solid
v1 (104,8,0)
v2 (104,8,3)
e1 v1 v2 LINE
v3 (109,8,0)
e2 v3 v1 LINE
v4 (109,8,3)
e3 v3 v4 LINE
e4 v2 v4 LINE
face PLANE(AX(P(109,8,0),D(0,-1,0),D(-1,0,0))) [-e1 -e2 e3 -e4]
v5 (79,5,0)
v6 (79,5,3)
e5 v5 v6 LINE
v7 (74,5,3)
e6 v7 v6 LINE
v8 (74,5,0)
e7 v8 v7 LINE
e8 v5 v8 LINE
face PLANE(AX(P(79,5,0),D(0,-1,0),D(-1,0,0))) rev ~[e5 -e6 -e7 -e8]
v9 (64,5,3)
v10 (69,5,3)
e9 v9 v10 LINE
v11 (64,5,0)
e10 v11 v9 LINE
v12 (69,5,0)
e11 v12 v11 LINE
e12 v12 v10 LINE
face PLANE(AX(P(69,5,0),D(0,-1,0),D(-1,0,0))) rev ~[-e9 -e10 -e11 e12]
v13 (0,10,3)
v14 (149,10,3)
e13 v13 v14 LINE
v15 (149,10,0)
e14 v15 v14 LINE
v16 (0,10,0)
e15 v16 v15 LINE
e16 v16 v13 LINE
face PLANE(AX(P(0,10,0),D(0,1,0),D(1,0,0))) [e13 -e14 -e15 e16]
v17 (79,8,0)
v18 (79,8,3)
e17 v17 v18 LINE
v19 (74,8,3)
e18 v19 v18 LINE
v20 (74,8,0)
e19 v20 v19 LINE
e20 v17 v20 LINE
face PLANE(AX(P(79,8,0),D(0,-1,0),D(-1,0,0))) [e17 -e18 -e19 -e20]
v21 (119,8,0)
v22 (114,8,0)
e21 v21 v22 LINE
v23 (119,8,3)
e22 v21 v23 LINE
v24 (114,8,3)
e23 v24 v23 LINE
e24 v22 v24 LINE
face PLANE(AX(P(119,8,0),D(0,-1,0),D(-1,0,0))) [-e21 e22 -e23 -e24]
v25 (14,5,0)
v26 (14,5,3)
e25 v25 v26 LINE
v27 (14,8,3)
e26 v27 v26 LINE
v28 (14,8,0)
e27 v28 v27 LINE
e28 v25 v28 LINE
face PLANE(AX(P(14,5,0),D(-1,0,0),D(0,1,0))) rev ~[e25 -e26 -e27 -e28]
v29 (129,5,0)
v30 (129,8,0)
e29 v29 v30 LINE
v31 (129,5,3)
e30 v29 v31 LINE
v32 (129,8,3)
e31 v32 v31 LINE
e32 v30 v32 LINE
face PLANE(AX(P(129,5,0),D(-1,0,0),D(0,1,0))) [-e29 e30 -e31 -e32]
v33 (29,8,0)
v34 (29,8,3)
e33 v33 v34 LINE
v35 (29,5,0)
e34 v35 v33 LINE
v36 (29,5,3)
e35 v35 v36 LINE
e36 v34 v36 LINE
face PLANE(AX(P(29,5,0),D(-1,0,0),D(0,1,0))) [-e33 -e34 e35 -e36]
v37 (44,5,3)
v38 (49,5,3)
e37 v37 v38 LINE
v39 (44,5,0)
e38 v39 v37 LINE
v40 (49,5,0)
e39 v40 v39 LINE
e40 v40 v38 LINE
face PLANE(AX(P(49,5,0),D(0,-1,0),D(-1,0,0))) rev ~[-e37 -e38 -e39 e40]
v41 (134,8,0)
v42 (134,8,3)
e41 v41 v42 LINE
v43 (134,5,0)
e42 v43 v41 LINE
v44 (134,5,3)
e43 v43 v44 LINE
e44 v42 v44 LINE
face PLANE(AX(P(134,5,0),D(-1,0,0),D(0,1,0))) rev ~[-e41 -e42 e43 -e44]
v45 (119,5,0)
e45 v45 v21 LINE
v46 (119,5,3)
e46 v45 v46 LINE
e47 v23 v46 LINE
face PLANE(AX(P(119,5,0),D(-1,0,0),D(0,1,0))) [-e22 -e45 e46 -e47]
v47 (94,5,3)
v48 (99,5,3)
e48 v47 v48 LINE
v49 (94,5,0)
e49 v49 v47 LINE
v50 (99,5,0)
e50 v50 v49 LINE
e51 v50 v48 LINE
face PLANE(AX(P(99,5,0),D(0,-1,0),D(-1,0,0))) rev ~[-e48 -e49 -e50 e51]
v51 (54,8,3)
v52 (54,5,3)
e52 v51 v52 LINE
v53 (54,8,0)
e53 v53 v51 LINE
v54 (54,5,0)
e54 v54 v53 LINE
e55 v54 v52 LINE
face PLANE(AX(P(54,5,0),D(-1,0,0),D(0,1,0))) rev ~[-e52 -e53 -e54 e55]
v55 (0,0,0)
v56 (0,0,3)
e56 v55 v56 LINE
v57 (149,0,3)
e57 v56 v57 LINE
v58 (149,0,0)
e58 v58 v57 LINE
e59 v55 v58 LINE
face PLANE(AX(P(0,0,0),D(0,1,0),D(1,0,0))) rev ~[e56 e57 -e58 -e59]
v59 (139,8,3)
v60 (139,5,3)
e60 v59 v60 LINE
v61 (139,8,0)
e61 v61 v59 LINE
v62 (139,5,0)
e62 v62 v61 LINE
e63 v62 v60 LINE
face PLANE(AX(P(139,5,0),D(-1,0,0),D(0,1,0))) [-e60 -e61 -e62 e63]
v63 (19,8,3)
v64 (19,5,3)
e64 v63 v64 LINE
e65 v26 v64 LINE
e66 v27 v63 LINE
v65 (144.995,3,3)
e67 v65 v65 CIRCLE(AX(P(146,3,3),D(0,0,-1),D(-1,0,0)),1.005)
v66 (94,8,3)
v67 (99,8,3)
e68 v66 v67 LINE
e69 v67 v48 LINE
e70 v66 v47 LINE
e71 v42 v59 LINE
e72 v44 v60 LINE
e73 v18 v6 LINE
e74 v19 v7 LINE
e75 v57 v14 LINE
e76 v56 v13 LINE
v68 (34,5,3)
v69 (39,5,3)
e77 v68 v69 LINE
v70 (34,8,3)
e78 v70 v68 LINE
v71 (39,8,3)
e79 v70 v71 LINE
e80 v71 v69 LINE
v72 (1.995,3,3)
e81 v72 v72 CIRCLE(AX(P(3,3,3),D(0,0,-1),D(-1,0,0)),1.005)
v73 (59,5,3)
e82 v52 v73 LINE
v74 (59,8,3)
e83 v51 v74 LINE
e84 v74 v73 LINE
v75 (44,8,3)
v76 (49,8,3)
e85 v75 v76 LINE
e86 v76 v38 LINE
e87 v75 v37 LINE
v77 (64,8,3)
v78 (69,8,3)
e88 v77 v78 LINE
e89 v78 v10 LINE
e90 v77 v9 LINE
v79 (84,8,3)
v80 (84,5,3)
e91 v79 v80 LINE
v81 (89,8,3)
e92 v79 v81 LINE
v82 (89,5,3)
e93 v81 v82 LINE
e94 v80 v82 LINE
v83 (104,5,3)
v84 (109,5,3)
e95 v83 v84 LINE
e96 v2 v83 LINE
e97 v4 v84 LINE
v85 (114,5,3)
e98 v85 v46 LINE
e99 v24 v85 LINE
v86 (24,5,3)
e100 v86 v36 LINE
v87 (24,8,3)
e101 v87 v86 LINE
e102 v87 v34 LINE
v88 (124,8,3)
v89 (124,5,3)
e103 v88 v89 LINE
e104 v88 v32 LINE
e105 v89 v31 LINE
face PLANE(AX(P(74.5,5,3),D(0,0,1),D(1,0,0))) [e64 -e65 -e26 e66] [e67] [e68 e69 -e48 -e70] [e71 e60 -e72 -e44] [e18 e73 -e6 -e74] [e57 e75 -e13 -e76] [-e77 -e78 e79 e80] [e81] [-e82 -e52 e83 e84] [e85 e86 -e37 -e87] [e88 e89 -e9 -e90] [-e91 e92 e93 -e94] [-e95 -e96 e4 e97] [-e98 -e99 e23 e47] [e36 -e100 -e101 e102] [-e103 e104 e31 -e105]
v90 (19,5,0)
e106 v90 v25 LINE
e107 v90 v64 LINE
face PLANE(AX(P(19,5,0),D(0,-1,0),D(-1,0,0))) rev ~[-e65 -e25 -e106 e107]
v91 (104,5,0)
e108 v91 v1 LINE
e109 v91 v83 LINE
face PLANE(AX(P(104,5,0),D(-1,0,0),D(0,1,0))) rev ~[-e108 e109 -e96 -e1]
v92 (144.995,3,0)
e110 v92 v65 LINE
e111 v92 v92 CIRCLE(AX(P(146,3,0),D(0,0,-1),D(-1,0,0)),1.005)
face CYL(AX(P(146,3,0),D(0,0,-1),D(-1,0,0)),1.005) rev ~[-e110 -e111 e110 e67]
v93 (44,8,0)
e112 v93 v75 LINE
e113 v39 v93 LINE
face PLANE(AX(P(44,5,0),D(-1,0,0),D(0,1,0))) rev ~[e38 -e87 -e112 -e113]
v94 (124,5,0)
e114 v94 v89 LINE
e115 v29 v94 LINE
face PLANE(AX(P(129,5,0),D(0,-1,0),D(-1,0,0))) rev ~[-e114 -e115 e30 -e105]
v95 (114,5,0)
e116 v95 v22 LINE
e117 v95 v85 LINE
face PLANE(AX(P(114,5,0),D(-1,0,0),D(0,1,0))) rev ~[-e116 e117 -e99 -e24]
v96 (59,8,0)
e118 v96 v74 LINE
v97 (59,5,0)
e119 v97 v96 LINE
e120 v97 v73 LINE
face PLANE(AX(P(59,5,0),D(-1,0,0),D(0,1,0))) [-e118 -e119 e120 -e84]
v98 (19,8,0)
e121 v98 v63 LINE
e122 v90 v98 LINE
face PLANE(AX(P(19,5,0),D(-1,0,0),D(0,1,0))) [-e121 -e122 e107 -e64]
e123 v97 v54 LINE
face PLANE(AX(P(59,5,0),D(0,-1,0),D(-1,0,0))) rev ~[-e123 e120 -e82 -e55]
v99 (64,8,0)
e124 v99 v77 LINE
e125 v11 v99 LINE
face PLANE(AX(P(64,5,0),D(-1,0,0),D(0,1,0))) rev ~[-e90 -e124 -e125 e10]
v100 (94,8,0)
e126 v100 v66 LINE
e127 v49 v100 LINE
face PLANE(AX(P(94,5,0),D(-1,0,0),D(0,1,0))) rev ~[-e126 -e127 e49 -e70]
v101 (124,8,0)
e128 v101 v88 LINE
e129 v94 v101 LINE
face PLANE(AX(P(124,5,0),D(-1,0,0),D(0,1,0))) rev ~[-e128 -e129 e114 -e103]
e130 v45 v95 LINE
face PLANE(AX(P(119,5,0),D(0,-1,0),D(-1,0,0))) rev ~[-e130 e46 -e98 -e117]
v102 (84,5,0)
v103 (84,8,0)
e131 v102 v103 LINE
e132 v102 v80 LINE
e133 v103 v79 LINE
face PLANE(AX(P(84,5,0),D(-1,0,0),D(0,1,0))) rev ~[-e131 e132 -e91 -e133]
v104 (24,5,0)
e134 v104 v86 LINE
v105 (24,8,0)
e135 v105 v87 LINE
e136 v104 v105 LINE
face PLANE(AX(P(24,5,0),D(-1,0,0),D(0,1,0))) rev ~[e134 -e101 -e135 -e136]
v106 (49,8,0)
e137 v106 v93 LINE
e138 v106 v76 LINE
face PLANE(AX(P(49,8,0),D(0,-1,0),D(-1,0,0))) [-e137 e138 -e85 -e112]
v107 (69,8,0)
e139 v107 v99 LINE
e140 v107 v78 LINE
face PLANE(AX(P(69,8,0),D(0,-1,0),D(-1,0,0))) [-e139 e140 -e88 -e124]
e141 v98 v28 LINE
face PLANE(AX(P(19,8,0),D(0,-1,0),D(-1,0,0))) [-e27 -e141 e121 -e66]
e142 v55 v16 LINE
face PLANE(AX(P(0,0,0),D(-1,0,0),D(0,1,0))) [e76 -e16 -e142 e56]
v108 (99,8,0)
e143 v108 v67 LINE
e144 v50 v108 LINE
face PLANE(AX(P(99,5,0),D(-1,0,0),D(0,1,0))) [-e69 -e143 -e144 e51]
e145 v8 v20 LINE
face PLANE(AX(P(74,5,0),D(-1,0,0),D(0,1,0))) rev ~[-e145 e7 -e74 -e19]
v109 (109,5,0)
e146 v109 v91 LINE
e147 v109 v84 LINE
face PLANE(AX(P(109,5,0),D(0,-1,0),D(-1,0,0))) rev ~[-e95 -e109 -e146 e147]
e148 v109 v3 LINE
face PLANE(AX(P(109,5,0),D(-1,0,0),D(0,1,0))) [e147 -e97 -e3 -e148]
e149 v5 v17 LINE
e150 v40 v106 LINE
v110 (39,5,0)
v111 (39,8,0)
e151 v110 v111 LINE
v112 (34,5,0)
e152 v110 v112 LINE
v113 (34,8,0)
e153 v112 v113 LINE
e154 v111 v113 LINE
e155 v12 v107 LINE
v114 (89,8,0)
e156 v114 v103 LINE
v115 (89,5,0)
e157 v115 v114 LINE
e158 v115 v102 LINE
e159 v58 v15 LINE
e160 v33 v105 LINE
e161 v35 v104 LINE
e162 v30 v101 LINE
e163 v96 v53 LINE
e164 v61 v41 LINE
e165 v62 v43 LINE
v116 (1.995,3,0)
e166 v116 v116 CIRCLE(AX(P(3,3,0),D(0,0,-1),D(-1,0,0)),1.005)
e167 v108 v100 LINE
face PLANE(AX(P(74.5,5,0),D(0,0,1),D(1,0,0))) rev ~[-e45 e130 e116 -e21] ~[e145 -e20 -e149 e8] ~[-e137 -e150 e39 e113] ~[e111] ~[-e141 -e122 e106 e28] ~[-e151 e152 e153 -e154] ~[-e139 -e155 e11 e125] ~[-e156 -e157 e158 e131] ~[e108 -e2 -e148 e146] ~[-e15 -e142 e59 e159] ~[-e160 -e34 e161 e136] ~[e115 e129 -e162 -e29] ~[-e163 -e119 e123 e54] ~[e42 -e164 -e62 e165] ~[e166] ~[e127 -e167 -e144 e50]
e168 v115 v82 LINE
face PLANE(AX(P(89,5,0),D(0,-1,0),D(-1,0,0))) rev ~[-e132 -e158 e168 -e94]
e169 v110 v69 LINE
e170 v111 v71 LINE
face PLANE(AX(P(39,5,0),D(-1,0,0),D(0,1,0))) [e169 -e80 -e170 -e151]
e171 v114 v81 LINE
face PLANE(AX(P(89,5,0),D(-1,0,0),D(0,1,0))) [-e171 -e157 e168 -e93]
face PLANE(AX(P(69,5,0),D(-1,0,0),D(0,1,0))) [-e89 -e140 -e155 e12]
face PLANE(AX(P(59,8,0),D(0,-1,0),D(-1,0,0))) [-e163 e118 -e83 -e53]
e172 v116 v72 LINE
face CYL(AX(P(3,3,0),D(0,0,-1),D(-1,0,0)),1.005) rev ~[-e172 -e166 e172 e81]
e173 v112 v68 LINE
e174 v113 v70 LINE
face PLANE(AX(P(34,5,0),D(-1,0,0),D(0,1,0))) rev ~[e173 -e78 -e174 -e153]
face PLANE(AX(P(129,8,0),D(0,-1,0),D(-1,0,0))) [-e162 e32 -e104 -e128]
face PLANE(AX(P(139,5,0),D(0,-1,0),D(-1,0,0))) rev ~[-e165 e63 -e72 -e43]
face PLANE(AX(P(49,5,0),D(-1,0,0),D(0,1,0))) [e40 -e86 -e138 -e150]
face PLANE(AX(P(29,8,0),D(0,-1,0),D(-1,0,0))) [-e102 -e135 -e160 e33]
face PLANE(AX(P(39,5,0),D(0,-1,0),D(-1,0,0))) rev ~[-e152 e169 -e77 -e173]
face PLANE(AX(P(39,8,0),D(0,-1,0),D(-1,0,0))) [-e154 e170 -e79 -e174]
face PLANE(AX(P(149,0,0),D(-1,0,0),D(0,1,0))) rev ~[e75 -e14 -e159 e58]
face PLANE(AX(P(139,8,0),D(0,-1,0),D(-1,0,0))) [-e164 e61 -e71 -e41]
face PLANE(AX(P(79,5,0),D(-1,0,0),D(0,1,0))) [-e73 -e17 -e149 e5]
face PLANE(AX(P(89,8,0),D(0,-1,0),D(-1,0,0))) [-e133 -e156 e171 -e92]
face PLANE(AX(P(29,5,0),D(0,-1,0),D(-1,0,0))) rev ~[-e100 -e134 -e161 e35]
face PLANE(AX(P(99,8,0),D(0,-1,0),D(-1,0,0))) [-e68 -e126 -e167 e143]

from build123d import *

# Parameters (mm, degrees)
ESQUISSE1_W             = 149
ESQUISSE1_H             = 10
BOSS_EXTRU_1_DEPTH      = 3
ESQUISSE2_R             = 1.005
ESQUISSE2_W             = 5
ESQUISSE2_H             = 3
ENL_V_MAT_EXTRU_1_DEPTH = 150.365323954


with BuildPart() as part:
    # Esquisse1 → Boss.-Extru.1 (new body)
    with BuildSketch(Plane.XY):
        with Locations((74.5, 5)):
            Rectangle(ESQUISSE1_W, ESQUISSE1_H)
    extrude(amount=BOSS_EXTRU_1_DEPTH)

    # Esquisse2 → Enlèv. mat.-Extru.1 (cut, through all)
    with BuildSketch(Plane(origin=(0, 0, 0), x_dir=(-1, 0, 0), z_dir=(0, 0, -1))):
        with Locations((-3, 3)):
            Circle(ESQUISSE2_R)
        with Locations((-146, 3)):
            Circle(ESQUISSE2_R)
        with Locations((-136.5, 6.5)):
            Rectangle(ESQUISSE2_W, ESQUISSE2_H)
        with Locations((-126.5, 6.5)):
            Rectangle(ESQUISSE2_W, ESQUISSE2_H)
        with Locations((-116.5, 6.5)):
            Rectangle(ESQUISSE2_W, ESQUISSE2_H)
        with Locations((-106.5, 6.5)):
            Rectangle(ESQUISSE2_W, ESQUISSE2_H)
        with Locations((-96.5, 6.5)):
            Rectangle(ESQUISSE2_W, ESQUISSE2_H)
        with Locations((-86.5, 6.5)):
            Rectangle(ESQUISSE2_W, ESQUISSE2_H)
        with Locations((-76.5, 6.5)):
            Rectangle(ESQUISSE2_W, ESQUISSE2_H)
        with Locations((-66.5, 6.5)):
            Rectangle(ESQUISSE2_W, ESQUISSE2_H)
        with Locations((-56.5, 6.5)):
            Rectangle(ESQUISSE2_W, ESQUISSE2_H)
        with Locations((-46.5, 6.5)):
            Rectangle(ESQUISSE2_W, ESQUISSE2_H)
        with Locations((-36.5, 6.5)):
            Rectangle(ESQUISSE2_W, ESQUISSE2_H)
        with Locations((-26.5, 6.5)):
            Rectangle(ESQUISSE2_W, ESQUISSE2_H)
        with Locations((-16.5, 6.5)):
            Rectangle(ESQUISSE2_W, ESQUISSE2_H)
    extrude(amount=-ENL_V_MAT_EXTRU_1_DEPTH, mode=Mode.SUBTRACT)


solid = part.part
